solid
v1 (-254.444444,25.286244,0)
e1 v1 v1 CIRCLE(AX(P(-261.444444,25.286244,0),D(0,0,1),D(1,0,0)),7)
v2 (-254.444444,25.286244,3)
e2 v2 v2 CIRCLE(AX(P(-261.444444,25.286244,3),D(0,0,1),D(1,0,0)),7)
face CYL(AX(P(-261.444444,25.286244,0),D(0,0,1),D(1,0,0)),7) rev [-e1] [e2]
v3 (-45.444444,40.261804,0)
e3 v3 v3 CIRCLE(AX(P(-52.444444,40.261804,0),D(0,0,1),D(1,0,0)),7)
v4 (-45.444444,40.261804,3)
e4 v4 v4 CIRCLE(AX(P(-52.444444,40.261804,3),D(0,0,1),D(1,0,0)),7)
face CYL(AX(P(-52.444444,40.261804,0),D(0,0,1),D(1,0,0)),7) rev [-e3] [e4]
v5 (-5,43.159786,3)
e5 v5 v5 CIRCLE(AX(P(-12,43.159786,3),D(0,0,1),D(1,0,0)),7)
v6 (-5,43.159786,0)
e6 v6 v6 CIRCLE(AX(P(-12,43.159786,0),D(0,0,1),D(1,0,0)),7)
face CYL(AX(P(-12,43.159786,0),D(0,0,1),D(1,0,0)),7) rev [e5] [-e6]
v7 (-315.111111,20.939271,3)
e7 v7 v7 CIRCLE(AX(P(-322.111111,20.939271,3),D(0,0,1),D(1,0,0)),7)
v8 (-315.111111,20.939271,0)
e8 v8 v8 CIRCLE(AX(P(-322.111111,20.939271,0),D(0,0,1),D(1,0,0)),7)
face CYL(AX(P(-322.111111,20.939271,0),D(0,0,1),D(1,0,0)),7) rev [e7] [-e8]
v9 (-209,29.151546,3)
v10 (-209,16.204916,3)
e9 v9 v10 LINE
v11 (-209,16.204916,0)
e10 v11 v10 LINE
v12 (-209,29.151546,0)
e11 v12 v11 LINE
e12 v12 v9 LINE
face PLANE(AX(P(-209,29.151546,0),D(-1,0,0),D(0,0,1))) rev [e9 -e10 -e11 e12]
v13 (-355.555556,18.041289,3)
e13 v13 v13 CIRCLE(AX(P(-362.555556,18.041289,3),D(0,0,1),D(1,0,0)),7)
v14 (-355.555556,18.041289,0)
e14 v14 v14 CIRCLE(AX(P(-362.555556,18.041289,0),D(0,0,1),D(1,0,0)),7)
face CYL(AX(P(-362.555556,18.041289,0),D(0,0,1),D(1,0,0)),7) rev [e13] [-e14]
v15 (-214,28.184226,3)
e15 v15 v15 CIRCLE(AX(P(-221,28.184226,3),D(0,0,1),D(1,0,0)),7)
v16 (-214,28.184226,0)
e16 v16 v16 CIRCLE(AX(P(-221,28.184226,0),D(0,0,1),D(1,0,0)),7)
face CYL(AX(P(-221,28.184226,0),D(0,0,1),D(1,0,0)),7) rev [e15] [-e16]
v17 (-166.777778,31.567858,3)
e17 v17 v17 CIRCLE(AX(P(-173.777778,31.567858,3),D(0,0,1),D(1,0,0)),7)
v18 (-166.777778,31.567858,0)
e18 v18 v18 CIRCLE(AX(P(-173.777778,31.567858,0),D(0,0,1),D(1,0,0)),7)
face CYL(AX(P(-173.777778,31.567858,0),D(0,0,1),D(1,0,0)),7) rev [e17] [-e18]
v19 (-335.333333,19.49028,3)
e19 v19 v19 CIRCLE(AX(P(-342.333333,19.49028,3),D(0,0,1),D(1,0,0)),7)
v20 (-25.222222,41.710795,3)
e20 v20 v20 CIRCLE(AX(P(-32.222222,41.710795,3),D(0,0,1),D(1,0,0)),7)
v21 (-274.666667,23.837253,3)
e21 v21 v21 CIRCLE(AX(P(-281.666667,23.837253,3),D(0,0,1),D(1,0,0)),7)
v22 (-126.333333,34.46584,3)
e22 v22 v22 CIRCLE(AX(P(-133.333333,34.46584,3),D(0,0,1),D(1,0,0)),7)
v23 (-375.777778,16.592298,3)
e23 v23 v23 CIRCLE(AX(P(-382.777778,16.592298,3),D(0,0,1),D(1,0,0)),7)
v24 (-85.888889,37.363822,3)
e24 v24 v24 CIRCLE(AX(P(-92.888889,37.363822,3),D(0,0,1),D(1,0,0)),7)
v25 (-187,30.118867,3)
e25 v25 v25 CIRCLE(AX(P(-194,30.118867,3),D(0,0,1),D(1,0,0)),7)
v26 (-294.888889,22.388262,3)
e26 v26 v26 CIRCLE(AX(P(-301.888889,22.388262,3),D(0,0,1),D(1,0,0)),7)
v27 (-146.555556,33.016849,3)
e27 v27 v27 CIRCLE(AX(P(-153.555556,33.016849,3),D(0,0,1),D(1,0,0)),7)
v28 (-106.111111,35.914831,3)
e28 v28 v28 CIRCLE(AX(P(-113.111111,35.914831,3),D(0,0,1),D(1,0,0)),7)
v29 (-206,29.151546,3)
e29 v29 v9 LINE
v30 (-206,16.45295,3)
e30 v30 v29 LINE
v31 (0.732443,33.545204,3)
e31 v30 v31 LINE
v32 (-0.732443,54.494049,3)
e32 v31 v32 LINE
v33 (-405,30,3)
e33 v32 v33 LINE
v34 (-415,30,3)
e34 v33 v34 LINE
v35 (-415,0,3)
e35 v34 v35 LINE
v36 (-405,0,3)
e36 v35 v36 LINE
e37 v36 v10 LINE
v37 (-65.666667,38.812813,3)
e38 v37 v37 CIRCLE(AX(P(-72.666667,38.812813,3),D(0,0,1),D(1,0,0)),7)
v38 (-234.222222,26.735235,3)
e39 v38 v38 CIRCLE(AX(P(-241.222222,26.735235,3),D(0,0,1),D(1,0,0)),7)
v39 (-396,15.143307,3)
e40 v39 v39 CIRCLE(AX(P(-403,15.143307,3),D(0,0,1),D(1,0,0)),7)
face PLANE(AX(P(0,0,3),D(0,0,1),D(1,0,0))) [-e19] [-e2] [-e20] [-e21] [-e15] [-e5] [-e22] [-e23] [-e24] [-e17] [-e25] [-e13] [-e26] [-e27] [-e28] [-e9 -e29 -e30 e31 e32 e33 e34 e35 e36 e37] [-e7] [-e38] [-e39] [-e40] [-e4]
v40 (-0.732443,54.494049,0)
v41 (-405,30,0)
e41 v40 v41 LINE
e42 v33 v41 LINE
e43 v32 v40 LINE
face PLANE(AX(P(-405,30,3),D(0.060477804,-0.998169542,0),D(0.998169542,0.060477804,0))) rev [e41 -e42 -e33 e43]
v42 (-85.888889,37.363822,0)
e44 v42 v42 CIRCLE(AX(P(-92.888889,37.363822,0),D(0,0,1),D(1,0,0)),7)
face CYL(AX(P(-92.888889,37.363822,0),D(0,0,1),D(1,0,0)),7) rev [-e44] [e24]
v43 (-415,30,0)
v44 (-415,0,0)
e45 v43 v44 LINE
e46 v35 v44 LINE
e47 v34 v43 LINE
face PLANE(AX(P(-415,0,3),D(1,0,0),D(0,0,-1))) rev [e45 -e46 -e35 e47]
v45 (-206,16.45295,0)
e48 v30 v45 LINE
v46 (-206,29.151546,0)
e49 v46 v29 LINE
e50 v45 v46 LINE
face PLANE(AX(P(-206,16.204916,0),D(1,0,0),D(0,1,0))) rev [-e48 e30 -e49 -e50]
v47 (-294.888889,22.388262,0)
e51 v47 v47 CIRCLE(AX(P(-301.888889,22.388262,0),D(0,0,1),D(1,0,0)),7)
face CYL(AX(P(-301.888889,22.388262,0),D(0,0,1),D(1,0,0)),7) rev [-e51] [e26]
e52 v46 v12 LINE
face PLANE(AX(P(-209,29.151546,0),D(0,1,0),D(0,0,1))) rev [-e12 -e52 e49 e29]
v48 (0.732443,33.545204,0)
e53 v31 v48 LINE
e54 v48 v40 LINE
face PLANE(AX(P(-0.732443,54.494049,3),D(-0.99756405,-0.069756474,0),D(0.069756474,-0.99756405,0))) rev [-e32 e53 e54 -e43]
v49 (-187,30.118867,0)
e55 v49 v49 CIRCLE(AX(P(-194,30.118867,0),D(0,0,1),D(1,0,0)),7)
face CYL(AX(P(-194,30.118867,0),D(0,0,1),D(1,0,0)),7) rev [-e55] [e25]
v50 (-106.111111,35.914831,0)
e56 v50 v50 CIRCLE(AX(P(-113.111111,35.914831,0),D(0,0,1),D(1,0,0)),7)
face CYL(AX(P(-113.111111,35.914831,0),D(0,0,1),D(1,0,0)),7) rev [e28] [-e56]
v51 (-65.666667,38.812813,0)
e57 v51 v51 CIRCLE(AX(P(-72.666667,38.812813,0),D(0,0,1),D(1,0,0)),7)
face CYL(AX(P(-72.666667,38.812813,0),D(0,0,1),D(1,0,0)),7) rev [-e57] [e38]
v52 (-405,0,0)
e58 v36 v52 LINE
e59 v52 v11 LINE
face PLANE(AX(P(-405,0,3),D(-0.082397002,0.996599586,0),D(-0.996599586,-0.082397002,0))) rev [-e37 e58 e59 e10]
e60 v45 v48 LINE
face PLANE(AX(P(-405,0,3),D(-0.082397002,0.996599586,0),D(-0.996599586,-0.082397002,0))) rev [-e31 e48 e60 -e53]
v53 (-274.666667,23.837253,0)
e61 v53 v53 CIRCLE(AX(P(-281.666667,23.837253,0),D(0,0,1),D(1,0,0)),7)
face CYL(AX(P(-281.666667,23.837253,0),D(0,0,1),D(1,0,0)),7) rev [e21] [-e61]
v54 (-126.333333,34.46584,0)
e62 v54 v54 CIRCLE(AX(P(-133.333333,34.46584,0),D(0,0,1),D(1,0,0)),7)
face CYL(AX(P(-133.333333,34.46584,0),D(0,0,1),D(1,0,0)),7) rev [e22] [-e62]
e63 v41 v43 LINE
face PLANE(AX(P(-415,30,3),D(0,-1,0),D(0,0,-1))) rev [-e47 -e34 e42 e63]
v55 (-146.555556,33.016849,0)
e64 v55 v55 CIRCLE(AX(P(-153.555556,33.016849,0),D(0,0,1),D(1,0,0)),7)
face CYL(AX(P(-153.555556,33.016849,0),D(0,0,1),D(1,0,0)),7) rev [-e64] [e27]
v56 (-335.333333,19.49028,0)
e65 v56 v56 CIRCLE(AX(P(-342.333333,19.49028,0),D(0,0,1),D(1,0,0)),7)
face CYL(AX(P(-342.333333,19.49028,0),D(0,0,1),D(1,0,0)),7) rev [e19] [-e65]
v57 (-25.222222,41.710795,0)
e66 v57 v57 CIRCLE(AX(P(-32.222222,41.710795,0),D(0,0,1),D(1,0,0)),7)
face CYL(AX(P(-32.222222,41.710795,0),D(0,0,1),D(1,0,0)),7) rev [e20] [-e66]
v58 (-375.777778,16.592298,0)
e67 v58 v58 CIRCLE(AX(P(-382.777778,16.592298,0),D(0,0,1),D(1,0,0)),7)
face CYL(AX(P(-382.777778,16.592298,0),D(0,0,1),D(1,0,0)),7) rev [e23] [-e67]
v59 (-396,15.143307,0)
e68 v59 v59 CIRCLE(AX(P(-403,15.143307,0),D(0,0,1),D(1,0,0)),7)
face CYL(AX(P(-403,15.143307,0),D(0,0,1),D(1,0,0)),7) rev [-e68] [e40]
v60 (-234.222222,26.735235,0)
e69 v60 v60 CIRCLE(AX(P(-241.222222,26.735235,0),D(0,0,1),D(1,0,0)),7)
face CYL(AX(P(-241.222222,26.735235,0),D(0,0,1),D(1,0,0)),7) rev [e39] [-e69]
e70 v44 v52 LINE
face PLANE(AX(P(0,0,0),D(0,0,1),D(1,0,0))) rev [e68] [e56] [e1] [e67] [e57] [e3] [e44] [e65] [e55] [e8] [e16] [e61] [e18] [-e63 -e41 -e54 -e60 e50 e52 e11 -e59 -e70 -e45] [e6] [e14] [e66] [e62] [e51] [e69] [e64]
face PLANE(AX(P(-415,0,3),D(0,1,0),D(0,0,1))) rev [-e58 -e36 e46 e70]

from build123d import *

# Parameters (mm, degrees)
BOSS_EXTRUDE1_DEPTH     = 3
SKETCH2_R               = 7
SKETCH2_W               = 3
SKETCH2_H               = 12.946630698
CUT_EXTRUDE1_DEPTH      = 1
CUT_EXTRUDE1_DEPTH_BACK = 4


with BuildPart() as part:
    # Sketch1 → Boss-Extrude1 (new body)
    with BuildSketch(Plane.XY):
        Polygon((-415, 0), (-415, 30), (-405, 30), (-0.732442974, 54.494049484), (0.732442974, 33.545204429), (-405, 0), align=None)
    extrude(amount=BOSS_EXTRUDE1_DEPTH)

    # Sketch2 → Cut-Extrude1 (cut, two sides)
    with BuildSketch(Plane.XY.offset(3)) as cut_extrude1_sk:
        with Locations((-403, 15.1433068)):
            Circle(SKETCH2_R)
        with Locations((-382.777777778, 16.592297775)):
            Circle(SKETCH2_R)
        with Locations((-362.555555556, 18.041288751)):
            Circle(SKETCH2_R)
        with Locations((-342.333333333, 19.490279727)):
            Circle(SKETCH2_R)
        with Locations((-322.111111111, 20.939270702)):
            Circle(SKETCH2_R)
        with Locations((-301.888888889, 22.388261678)):
            Circle(SKETCH2_R)
        with Locations((-281.666666667, 23.837252653)):
            Circle(SKETCH2_R)
        with Locations((-261.444444444, 25.286243629)):
            Circle(SKETCH2_R)
        with Locations((-241.222222222, 26.735234605)):
            Circle(SKETCH2_R)
        with Locations((-221, 28.18422558)):
            Circle(SKETCH2_R)
        with Locations((-194, 30.118867377)):
            Circle(SKETCH2_R)
        with Locations((-173.777777778, 31.567858353)):
            Circle(SKETCH2_R)
        with Locations((-153.555555556, 33.016849329)):
            Circle(SKETCH2_R)
        with Locations((-133.333333333, 34.465840304)):
            Circle(SKETCH2_R)
        with Locations((-113.111111111, 35.91483128)):
            Circle(SKETCH2_R)
        with Locations((-92.888888889, 37.363822255)):
            Circle(SKETCH2_R)
        with Locations((-72.666666667, 38.812813231)):
            Circle(SKETCH2_R)
        with Locations((-52.444444444, 40.261804207)):
            Circle(SKETCH2_R)
        with Locations((-32.222222222, 41.710795182)):
            Circle(SKETCH2_R)
        with Locations((-12, 43.159786158)):
            Circle(SKETCH2_R)
        with Locations((-207.5, 22.67823113)):
            Rectangle(SKETCH2_W, SKETCH2_H)
    extrude(amount=CUT_EXTRUDE1_DEPTH, mode=Mode.SUBTRACT)
    extrude(cut_extrude1_sk.sketch, amount=-CUT_EXTRUDE1_DEPTH_BACK, mode=Mode.SUBTRACT)


solid = part.part
